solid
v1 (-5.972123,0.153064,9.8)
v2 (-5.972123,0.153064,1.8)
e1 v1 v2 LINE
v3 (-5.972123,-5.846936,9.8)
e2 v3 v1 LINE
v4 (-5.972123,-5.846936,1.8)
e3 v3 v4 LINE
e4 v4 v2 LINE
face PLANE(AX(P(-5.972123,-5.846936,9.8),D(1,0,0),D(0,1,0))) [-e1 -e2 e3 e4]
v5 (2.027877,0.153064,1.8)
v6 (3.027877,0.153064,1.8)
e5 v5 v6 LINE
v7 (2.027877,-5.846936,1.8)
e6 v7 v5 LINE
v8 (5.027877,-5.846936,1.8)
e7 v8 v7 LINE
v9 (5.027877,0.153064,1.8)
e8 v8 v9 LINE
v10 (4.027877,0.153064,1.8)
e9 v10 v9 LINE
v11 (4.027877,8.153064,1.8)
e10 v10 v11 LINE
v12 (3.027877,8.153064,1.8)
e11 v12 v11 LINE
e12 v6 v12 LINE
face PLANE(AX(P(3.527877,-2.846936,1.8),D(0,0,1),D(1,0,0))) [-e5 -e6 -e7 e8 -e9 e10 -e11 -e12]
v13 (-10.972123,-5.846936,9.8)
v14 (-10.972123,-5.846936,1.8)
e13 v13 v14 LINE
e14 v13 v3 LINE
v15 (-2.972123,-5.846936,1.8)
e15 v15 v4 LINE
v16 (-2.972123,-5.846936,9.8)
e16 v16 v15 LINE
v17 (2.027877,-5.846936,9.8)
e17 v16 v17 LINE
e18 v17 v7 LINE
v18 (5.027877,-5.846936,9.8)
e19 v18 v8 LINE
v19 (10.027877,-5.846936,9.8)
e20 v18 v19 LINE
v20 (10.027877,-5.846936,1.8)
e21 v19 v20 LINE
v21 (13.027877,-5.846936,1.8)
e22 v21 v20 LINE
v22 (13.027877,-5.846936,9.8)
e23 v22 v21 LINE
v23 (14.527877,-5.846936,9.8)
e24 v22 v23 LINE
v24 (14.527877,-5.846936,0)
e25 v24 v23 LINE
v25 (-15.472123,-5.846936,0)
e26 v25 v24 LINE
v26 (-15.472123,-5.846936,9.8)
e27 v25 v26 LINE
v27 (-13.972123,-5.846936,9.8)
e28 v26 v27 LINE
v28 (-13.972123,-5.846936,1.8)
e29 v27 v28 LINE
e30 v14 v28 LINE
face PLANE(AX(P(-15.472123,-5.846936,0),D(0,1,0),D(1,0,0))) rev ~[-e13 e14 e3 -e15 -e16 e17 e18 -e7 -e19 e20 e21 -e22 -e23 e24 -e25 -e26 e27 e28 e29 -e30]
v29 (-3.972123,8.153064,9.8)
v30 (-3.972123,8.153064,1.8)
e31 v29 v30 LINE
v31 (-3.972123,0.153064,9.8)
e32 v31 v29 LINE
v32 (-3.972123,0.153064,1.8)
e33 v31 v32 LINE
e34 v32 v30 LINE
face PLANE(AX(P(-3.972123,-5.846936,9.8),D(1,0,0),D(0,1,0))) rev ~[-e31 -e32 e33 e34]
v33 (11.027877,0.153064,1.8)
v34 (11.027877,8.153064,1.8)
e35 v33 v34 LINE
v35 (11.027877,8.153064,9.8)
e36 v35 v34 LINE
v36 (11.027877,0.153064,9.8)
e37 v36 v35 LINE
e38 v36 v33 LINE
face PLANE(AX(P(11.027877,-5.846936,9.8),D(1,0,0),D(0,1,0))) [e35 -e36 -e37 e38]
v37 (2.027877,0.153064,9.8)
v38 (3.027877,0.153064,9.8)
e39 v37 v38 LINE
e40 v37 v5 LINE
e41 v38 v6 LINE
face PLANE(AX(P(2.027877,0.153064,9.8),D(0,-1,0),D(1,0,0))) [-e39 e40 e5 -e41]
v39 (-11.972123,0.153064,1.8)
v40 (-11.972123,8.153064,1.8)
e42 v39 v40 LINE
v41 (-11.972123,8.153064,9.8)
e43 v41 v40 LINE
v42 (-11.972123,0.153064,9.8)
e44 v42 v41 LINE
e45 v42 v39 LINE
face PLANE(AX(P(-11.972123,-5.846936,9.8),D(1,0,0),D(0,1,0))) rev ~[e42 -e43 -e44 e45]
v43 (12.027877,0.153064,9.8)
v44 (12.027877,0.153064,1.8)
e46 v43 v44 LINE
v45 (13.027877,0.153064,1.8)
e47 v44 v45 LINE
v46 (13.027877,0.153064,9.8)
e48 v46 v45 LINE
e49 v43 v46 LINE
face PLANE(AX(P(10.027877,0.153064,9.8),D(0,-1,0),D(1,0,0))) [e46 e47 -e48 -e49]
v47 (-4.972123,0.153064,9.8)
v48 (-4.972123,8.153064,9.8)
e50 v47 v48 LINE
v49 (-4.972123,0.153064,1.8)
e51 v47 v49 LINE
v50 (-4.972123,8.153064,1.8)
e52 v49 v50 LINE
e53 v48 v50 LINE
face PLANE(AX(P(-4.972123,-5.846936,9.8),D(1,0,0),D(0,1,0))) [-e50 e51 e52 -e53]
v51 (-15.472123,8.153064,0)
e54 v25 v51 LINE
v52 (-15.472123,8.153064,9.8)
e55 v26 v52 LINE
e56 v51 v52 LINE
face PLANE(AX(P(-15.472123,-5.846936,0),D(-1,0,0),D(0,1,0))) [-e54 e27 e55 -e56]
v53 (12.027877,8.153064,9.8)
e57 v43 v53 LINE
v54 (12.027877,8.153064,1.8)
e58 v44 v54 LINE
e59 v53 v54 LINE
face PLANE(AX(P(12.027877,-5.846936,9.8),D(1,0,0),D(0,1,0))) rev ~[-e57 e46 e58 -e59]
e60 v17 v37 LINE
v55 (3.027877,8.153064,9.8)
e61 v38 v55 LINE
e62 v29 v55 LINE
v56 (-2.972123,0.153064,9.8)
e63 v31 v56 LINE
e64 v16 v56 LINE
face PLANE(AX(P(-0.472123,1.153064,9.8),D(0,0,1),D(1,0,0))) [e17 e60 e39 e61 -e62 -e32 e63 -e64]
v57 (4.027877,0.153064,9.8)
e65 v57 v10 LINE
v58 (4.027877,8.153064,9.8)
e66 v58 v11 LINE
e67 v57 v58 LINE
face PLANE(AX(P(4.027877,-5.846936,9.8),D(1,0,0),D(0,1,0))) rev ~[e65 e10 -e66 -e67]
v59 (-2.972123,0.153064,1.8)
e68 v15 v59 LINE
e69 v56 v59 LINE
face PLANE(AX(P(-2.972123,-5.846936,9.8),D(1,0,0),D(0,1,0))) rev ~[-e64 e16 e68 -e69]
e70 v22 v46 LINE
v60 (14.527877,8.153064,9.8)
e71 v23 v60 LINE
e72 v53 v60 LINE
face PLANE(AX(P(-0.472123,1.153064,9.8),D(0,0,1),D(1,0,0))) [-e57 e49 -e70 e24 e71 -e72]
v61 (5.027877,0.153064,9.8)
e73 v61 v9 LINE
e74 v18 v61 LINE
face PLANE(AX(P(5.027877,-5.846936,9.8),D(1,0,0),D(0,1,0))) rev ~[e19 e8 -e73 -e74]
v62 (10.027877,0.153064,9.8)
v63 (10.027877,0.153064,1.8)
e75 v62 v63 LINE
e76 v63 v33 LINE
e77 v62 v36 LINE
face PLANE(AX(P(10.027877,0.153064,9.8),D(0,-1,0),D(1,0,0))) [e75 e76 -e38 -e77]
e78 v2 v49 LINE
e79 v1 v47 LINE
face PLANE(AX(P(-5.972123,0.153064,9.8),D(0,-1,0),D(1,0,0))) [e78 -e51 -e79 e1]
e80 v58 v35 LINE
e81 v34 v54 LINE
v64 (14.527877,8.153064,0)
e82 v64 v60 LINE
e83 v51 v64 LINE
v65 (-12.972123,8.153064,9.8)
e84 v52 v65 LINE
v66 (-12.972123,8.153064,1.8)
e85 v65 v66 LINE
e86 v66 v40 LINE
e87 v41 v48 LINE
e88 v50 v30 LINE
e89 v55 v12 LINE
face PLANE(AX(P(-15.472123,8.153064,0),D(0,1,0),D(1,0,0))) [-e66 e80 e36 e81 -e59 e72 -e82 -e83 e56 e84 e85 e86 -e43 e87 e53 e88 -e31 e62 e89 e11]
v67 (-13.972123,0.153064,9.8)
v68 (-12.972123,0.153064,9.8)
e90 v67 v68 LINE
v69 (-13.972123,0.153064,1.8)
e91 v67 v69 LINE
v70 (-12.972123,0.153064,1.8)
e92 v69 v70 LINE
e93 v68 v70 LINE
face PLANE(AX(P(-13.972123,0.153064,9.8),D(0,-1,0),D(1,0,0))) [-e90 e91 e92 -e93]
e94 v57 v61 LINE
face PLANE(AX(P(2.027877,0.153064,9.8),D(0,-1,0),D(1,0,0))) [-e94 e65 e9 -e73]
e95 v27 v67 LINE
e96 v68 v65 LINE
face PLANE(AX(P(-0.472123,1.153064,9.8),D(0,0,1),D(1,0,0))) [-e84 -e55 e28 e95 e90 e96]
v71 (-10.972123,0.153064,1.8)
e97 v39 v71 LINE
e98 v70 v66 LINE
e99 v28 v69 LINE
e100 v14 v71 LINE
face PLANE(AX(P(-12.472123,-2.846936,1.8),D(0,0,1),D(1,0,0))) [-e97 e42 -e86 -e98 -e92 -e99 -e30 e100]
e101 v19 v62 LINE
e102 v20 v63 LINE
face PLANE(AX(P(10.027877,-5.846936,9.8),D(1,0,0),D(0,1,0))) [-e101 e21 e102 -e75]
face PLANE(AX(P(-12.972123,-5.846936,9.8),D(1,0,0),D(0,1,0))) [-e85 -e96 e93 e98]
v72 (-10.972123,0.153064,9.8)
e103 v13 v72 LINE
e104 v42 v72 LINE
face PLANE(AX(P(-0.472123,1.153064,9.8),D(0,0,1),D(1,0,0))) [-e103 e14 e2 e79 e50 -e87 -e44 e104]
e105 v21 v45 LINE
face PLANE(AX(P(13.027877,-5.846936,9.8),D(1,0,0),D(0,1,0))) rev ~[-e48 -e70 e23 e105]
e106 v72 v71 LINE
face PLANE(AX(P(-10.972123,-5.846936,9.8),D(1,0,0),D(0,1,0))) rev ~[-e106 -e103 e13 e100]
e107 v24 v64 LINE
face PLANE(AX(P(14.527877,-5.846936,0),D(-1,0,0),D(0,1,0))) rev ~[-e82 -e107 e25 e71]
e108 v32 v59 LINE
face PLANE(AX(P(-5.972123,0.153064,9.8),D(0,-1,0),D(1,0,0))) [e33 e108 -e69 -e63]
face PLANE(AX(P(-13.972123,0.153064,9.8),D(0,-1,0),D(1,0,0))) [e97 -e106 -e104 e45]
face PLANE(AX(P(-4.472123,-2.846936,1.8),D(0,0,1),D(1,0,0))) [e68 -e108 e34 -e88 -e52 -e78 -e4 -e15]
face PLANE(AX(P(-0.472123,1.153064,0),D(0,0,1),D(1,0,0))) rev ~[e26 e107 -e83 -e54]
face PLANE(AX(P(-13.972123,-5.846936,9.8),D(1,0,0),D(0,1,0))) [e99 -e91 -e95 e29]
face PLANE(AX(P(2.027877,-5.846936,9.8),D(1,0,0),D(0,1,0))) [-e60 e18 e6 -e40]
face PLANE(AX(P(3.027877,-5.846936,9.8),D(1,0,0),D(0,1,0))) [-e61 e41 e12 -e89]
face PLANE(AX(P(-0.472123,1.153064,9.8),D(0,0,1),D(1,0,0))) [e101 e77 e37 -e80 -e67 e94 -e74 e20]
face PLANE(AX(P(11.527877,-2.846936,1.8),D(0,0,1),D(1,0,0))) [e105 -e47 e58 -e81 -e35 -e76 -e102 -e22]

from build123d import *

# Parameters (mm, degrees)
F0_W     = 30
F0_H     = 14
F1_DEPTH = 9.8
F2_W     = 1
F2_H     = 14
F4_DEPTH = 8
F3_W     = 3
F3_H     = 6
F5_DEPTH = 8


with BuildPart() as f1:
    # F0 (on Top) → F1 (new body)
    with BuildSketch(Plane.XY):
        with Locations((-0.472123, 1.153064)):
            Rectangle(F0_W, F0_H)
    extrude(amount=F1_DEPTH)

    # F2 (on face) → F4 (cut)
    with BuildSketch(Plane.XY.offset(9.8)):
        with Locations((-12.472123, 1.153064)):
            Rectangle(F2_W, F2_H)
        with Locations((-4.472123, 1.153064)):
            Rectangle(F2_W, F2_H)
        with Locations((3.527877, 1.153064)):
            Rectangle(F2_W, F2_H)
        with Locations((11.527877, 1.153064)):
            Rectangle(F2_W, F2_H)
    extrude(amount=-F4_DEPTH, mode=Mode.SUBTRACT)

    # F3 (on face) → F5 (cut)
    with BuildSketch(Plane.XY.offset(9.8)):
        with Locations((-12.472123, -2.846936)):
            Rectangle(F3_W, F3_H)
        with Locations((-4.472123, -2.846936)):
            Rectangle(F3_W, F3_H)
        with Locations((3.527877, -2.846936)):
            Rectangle(F3_W, F3_H)
        with Locations((11.527877, -2.846936)):
            Rectangle(F3_W, F3_H)
    extrude(amount=-F5_DEPTH, mode=Mode.SUBTRACT)


solid = f1.part
